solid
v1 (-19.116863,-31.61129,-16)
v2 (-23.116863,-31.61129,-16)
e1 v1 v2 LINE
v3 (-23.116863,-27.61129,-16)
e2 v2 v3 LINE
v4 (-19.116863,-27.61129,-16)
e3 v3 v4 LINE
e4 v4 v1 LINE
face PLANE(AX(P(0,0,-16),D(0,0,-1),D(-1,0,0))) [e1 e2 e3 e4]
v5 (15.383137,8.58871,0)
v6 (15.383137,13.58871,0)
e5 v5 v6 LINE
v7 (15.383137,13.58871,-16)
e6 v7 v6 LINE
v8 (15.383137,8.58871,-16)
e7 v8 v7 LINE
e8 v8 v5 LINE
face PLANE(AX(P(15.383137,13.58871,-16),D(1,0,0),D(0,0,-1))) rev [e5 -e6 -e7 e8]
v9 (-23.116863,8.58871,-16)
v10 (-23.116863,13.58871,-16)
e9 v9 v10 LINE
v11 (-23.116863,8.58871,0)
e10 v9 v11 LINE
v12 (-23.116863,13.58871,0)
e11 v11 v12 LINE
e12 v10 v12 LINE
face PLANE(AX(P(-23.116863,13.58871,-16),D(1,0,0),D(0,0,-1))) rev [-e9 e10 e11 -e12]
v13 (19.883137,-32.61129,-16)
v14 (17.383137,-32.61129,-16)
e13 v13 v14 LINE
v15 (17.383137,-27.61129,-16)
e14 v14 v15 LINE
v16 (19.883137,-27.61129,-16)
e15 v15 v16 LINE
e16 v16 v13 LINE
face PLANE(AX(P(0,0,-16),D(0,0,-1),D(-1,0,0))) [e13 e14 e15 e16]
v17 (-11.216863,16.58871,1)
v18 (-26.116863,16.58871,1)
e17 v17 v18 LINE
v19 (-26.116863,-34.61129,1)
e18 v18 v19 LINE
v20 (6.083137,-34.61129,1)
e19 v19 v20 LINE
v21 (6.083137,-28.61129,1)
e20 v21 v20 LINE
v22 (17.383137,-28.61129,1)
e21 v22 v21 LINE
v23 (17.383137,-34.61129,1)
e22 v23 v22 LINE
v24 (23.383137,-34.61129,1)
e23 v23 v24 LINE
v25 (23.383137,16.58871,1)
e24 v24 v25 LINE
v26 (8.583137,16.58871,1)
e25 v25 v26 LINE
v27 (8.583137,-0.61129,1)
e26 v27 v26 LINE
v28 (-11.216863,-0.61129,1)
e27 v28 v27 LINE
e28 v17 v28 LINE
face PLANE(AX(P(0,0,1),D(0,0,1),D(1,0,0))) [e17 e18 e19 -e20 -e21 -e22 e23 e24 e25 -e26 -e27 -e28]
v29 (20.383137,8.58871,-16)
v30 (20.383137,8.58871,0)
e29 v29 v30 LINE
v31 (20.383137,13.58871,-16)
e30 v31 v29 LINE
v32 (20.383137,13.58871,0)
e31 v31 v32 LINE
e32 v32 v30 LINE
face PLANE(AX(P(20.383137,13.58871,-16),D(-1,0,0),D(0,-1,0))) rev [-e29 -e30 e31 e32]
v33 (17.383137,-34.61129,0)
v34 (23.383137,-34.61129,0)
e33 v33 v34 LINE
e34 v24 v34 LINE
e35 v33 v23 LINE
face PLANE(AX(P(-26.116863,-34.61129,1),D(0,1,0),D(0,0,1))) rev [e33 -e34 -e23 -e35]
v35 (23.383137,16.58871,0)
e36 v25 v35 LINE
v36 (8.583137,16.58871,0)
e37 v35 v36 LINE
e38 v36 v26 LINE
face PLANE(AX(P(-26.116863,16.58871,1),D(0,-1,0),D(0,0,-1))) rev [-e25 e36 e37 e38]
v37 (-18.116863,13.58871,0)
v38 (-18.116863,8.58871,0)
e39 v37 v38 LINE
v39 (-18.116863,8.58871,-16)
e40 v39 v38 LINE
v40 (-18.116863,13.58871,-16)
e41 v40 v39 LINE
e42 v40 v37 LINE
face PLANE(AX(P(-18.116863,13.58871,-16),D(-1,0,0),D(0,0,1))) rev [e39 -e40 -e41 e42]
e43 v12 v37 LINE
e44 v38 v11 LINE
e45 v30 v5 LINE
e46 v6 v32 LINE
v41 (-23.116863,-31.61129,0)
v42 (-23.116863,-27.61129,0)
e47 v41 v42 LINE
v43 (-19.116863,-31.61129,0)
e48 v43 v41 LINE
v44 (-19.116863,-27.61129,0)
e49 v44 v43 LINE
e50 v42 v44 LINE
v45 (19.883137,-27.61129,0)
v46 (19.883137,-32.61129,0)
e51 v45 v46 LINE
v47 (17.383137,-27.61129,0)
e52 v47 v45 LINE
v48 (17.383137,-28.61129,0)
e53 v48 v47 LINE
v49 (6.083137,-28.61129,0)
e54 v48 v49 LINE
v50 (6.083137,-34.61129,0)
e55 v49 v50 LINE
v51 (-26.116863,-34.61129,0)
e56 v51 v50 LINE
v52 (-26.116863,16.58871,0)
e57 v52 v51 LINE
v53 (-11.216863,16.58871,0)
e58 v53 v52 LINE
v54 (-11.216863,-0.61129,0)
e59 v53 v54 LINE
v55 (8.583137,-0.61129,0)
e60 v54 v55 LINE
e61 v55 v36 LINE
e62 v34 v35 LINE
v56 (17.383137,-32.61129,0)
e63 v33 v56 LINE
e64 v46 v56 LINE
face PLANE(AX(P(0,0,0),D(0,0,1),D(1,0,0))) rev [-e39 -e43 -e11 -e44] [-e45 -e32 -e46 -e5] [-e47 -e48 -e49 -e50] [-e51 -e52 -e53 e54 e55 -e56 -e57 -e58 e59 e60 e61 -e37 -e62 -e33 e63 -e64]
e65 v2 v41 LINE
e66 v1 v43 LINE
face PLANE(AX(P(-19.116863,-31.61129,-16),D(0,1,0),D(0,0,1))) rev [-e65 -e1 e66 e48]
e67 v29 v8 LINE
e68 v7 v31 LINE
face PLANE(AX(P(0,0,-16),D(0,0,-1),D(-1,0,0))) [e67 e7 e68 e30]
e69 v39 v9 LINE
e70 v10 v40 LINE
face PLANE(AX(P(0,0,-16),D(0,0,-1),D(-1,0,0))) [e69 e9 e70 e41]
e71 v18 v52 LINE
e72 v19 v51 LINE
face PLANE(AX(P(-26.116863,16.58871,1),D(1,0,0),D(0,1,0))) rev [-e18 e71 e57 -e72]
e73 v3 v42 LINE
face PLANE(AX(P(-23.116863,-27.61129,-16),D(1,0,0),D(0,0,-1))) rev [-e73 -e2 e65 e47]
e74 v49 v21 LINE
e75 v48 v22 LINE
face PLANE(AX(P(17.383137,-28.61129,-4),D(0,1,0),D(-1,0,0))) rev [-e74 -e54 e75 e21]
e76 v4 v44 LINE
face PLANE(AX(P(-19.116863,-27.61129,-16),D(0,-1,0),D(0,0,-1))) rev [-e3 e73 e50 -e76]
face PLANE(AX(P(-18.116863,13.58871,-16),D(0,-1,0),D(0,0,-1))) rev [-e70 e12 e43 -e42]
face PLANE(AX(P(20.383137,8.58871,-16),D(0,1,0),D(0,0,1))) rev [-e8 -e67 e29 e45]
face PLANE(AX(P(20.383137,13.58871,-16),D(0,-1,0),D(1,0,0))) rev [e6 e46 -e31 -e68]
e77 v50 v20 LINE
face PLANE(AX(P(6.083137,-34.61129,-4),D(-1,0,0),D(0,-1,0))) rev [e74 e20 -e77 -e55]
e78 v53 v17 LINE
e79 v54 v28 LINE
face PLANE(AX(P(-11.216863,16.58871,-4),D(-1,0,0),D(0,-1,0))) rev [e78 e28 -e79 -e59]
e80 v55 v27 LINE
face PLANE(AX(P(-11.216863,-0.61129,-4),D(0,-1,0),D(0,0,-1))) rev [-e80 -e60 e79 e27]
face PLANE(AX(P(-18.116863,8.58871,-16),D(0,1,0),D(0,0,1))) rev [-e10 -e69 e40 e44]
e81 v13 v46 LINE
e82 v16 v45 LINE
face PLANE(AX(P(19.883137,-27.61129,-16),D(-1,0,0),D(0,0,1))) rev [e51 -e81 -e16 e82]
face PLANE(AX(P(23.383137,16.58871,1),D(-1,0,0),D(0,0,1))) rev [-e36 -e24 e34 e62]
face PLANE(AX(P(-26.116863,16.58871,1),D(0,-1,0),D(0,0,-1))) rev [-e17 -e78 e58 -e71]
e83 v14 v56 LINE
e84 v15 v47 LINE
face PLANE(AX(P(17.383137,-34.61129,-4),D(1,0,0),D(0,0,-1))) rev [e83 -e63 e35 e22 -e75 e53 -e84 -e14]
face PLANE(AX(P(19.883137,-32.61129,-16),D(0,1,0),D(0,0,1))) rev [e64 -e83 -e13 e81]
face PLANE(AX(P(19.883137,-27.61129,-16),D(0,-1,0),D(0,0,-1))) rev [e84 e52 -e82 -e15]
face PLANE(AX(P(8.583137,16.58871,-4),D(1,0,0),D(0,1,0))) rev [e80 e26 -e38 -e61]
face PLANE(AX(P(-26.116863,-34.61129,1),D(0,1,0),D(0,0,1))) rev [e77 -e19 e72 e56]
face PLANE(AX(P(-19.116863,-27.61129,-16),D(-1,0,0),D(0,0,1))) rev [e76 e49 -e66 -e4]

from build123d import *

# Parameters (mm, degrees)
ESQUISSE1_W             = 49.5
ESQUISSE1_H             = 51.2
BOSS_EXTRU_1_DEPTH      = 1
ESQUISSE2_W             = 11.3
ESQUISSE2_H             = 6
ESQUISSE2_W_2           = 19.8
ESQUISSE2_H_2           = 17.2
ENL_V_MAT_EXTRU_1_DEPTH = 5
ESQUISSE4_W             = 5
ESQUISSE4_H             = 5
BOSS_EXTRU_3_DEPTH      = 16
ESQUISSE5_W             = 2.5
ESQUISSE5_H             = 5
BOSS_EXTRU_4_DEPTH      = 16
ESQUISSE6_W             = 5
ESQUISSE6_H             = 5
BOSS_EXTRU_5_DEPTH      = 16
ESQUISSE7_W             = 4
ESQUISSE7_H             = 4
BOSS_EXTRU_6_DEPTH      = 16


with BuildPart() as part:
    # Esquisse1 → Boss.-Extru.1 (new body)
    with BuildSketch(Plane.XY):
        with Locations((-1.366863252, -9.011290323)):
            Rectangle(ESQUISSE1_W, ESQUISSE1_H)
    extrude(amount=BOSS_EXTRU_1_DEPTH)

    # Esquisse2 → Enlèv. mat.-Extru.1 (cut)
    with BuildSketch(Plane.XY.offset(1)):
        with Locations((11.733136748, -31.611290323)):
            Rectangle(ESQUISSE2_W, ESQUISSE2_H)
        with Locations((-1.316863252, 7.988709677)):
            Rectangle(ESQUISSE2_W_2, ESQUISSE2_H_2)
    extrude(amount=-ENL_V_MAT_EXTRU_1_DEPTH, mode=Mode.SUBTRACT)

    # Esquisse4 → Boss.-Extru.3 (add)
    with BuildSketch(Plane(origin=(0, 0, 0), x_dir=(-1, 0, 0), z_dir=(0, 0, -1))):
        with Locations((20.616863252, 11.088709677)):
            Rectangle(ESQUISSE4_W, ESQUISSE4_H)
    extrude(amount=BOSS_EXTRU_3_DEPTH)

    # Esquisse5 → Boss.-Extru.4 (add)
    with BuildSketch(Plane(origin=(0, 0, 0), x_dir=(-1, 0, 0), z_dir=(0, 0, -1))):
        with Locations((-18.633136748, -30.111290323)):
            Rectangle(ESQUISSE5_W, ESQUISSE5_H)
    extrude(amount=BOSS_EXTRU_4_DEPTH)

    # Esquisse6 → Boss.-Extru.5 (add)
    with BuildSketch(Plane(origin=(0, 0, 0), x_dir=(-1, 0, 0), z_dir=(0, 0, -1))):
        with Locations((-17.883136748, 11.088709677)):
            Rectangle(ESQUISSE6_W, ESQUISSE6_H)
    extrude(amount=BOSS_EXTRU_5_DEPTH)

    # Esquisse7 → Boss.-Extru.6 (add)
    with BuildSketch(Plane(origin=(0, 0, 0), x_dir=(-1, 0, 0), z_dir=(0, 0, -1))):
        with Locations((21.116863252, -29.611290323)):
            Rectangle(ESQUISSE7_W, ESQUISSE7_H)
    extrude(amount=BOSS_EXTRU_6_DEPTH)


solid = part.part
